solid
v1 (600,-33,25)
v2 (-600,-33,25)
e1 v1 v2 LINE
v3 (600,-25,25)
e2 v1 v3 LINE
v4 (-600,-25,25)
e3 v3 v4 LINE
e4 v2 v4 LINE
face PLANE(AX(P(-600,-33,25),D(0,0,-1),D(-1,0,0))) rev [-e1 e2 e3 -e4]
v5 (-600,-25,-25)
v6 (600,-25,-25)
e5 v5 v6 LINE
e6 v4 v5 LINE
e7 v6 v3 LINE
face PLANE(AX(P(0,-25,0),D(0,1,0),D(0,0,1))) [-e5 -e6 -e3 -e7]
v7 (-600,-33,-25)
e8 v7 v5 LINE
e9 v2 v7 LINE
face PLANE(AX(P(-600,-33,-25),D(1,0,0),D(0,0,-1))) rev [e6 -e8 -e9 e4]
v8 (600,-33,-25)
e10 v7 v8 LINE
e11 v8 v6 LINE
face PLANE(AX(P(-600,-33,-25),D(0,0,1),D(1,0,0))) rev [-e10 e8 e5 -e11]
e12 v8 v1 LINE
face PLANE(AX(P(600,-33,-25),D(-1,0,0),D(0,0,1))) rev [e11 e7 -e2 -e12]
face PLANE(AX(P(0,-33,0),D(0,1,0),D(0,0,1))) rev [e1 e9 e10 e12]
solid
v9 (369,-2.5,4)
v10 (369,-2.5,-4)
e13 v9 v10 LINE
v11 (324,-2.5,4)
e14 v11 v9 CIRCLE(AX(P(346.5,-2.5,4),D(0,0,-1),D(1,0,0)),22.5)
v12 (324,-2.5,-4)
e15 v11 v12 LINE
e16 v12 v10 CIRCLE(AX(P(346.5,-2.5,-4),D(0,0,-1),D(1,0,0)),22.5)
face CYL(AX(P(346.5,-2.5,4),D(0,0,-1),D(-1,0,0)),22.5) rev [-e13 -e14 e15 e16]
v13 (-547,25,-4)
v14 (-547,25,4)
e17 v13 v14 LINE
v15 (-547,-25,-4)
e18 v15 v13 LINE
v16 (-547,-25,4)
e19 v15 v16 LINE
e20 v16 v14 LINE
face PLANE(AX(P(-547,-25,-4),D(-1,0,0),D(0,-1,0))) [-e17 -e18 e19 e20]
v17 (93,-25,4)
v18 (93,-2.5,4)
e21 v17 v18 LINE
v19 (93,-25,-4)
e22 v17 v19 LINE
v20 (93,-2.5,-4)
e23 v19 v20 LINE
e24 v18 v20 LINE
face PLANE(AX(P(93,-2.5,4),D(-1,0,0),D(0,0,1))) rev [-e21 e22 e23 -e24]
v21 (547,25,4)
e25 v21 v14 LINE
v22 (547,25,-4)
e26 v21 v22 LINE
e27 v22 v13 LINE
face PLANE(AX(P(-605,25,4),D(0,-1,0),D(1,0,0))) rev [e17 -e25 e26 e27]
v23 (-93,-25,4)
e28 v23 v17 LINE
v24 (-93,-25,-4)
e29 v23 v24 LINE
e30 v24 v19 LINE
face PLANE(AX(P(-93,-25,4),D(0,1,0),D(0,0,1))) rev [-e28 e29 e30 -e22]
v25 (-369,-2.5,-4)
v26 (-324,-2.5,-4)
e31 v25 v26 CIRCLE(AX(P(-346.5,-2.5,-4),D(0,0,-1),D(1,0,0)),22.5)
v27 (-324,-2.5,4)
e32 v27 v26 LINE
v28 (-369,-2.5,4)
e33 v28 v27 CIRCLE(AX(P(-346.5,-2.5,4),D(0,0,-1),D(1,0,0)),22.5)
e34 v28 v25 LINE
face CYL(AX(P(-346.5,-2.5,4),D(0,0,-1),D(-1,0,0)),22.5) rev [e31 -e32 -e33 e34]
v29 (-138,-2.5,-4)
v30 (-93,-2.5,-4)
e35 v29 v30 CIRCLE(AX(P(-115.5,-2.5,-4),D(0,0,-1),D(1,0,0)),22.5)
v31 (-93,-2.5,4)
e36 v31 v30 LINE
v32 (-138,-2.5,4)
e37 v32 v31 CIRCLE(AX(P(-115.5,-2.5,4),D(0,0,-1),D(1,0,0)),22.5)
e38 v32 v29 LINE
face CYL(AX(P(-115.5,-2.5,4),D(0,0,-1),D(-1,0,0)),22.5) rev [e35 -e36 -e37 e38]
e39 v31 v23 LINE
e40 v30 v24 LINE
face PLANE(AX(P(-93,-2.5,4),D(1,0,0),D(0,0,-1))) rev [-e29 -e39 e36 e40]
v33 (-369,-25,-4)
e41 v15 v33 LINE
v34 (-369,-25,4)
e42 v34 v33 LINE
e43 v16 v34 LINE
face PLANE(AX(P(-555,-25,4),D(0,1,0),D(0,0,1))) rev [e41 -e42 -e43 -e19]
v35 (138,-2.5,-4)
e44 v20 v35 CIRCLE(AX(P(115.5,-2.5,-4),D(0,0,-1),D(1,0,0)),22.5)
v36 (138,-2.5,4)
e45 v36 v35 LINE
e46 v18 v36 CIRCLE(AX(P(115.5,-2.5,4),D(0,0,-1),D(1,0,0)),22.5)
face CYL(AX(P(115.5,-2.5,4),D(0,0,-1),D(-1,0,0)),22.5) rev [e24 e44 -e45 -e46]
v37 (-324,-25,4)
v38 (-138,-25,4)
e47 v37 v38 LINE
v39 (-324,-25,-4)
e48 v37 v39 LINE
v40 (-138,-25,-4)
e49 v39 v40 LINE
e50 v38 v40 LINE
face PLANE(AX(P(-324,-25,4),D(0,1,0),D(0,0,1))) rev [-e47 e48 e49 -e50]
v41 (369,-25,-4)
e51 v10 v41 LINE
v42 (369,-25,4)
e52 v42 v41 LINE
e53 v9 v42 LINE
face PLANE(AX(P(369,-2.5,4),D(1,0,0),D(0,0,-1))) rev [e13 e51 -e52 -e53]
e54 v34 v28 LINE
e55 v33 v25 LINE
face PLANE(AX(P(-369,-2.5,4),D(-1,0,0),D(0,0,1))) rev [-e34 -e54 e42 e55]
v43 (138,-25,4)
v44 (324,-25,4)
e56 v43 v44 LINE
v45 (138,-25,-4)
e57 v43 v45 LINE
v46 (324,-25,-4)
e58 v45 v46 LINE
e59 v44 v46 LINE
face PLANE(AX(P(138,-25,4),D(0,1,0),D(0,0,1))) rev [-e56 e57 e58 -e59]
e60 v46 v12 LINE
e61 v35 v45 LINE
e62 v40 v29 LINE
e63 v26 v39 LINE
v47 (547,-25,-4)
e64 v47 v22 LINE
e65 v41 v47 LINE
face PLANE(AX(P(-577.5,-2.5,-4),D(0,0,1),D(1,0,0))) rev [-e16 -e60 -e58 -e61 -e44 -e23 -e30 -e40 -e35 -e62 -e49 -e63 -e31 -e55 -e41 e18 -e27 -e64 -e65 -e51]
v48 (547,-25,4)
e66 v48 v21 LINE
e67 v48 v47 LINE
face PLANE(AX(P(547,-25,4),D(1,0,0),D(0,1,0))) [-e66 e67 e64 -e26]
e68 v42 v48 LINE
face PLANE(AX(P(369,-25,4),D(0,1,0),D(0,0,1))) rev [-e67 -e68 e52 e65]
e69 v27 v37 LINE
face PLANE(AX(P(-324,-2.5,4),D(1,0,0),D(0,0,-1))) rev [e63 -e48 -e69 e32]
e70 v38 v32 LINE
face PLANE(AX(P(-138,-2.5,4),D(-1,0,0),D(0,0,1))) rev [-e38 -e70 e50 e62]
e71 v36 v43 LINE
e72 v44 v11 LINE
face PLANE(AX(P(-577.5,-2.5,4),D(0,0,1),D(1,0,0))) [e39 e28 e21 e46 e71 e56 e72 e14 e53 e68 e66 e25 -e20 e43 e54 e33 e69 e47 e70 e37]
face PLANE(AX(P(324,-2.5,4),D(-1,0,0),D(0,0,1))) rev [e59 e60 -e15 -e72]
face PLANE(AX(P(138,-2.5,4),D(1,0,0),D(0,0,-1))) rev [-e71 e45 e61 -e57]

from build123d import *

# Parameters (mm, degrees)
EXTRUDE_1_DEPTH      = 4
SKETCH_3_OUTSIDE_W   = 1454.212
SKETCH_3_OUTSIDE_H   = 252.212
SKETCH_3_OUTSIDE_W_2 = 1094
SKETCH_3_OUTSIDE_H_2 = 8
CUT_EXTRUDE_1_DEPTH  = 608.075777807
SKETCH_2_W           = 1200
SKETCH_2_H           = 50
EXTRUDE_2_DEPTH      = 8


with BuildPart() as part:
    # Эскиз1 → Бобышка-Вытянуть1 (new, symmetric)
    with BuildSketch(Plane.XY):
        with BuildLine():
            Line((-600, -2.5), (-600, -25))
            Line((-600, -25), (-605, -25))
            Line((-605, -25), (-605, 25))
            Line((-605, 25), (605, 25))
            Line((605, 25), (605, -25))
            Line((605, -25), (600, -25))
            Line((600, -25), (600, -2.5))
            ThreePointArc((600, -2.5), (577.5, 20), (555, -2.5))
            Line((555, -2.5), (555, -25))
            Line((555, -25), (369, -25))
            Line((369, -25), (369, -2.5))
            ThreePointArc((369, -2.5), (346.5, 20), (324, -2.5))
            Line((324, -2.5), (324, -25))
            Line((324, -25), (138, -25))
            Line((138, -25), (138, -2.5))
            ThreePointArc((138, -2.5), (115.5, 20), (93, -2.5))
            Line((93, -2.5), (93, -25))
            Line((93, -25), (-93, -25))
            Line((-93, -25), (-93, -2.5))
            ThreePointArc((-93, -2.5), (-115.5, 20), (-138, -2.5))
            Line((-138, -2.5), (-138, -25))
            Line((-138, -25), (-324, -25))
            Line((-324, -25), (-324, -2.5))
            ThreePointArc((-324, -2.5), (-346.5, 20), (-369, -2.5))
            Line((-369, -2.5), (-369, -25))
            Line((-369, -25), (-555, -25))
            Line((-555, -25), (-555, -2.5))
            ThreePointArc((-555, -2.5), (-577.5, 20), (-600, -2.5))
        make_face()
    extrude(amount=EXTRUDE_1_DEPTH, both=True)

    # Эскиз3 outside → Вырез-Вытянуть1 (cut, through all)
    with BuildSketch(Plane(origin=(0, 25, 0), x_dir=(1, 0, 0), z_dir=(0, 1, 0))):
        Rectangle(SKETCH_3_OUTSIDE_W, SKETCH_3_OUTSIDE_H)
        Rectangle(SKETCH_3_OUTSIDE_W_2, SKETCH_3_OUTSIDE_H_2, mode=Mode.SUBTRACT)
    extrude(amount=-CUT_EXTRUDE_1_DEPTH, mode=Mode.SUBTRACT)


with BuildPart() as body_2:
    # Эскиз2 → Бобышка-Вытянуть2 (new body)
    with BuildSketch(Plane.XZ.offset(25)):
        Rectangle(SKETCH_2_W, SKETCH_2_H)
    extrude(amount=EXTRUDE_2_DEPTH)


solid = Compound([part.part, body_2.part])
